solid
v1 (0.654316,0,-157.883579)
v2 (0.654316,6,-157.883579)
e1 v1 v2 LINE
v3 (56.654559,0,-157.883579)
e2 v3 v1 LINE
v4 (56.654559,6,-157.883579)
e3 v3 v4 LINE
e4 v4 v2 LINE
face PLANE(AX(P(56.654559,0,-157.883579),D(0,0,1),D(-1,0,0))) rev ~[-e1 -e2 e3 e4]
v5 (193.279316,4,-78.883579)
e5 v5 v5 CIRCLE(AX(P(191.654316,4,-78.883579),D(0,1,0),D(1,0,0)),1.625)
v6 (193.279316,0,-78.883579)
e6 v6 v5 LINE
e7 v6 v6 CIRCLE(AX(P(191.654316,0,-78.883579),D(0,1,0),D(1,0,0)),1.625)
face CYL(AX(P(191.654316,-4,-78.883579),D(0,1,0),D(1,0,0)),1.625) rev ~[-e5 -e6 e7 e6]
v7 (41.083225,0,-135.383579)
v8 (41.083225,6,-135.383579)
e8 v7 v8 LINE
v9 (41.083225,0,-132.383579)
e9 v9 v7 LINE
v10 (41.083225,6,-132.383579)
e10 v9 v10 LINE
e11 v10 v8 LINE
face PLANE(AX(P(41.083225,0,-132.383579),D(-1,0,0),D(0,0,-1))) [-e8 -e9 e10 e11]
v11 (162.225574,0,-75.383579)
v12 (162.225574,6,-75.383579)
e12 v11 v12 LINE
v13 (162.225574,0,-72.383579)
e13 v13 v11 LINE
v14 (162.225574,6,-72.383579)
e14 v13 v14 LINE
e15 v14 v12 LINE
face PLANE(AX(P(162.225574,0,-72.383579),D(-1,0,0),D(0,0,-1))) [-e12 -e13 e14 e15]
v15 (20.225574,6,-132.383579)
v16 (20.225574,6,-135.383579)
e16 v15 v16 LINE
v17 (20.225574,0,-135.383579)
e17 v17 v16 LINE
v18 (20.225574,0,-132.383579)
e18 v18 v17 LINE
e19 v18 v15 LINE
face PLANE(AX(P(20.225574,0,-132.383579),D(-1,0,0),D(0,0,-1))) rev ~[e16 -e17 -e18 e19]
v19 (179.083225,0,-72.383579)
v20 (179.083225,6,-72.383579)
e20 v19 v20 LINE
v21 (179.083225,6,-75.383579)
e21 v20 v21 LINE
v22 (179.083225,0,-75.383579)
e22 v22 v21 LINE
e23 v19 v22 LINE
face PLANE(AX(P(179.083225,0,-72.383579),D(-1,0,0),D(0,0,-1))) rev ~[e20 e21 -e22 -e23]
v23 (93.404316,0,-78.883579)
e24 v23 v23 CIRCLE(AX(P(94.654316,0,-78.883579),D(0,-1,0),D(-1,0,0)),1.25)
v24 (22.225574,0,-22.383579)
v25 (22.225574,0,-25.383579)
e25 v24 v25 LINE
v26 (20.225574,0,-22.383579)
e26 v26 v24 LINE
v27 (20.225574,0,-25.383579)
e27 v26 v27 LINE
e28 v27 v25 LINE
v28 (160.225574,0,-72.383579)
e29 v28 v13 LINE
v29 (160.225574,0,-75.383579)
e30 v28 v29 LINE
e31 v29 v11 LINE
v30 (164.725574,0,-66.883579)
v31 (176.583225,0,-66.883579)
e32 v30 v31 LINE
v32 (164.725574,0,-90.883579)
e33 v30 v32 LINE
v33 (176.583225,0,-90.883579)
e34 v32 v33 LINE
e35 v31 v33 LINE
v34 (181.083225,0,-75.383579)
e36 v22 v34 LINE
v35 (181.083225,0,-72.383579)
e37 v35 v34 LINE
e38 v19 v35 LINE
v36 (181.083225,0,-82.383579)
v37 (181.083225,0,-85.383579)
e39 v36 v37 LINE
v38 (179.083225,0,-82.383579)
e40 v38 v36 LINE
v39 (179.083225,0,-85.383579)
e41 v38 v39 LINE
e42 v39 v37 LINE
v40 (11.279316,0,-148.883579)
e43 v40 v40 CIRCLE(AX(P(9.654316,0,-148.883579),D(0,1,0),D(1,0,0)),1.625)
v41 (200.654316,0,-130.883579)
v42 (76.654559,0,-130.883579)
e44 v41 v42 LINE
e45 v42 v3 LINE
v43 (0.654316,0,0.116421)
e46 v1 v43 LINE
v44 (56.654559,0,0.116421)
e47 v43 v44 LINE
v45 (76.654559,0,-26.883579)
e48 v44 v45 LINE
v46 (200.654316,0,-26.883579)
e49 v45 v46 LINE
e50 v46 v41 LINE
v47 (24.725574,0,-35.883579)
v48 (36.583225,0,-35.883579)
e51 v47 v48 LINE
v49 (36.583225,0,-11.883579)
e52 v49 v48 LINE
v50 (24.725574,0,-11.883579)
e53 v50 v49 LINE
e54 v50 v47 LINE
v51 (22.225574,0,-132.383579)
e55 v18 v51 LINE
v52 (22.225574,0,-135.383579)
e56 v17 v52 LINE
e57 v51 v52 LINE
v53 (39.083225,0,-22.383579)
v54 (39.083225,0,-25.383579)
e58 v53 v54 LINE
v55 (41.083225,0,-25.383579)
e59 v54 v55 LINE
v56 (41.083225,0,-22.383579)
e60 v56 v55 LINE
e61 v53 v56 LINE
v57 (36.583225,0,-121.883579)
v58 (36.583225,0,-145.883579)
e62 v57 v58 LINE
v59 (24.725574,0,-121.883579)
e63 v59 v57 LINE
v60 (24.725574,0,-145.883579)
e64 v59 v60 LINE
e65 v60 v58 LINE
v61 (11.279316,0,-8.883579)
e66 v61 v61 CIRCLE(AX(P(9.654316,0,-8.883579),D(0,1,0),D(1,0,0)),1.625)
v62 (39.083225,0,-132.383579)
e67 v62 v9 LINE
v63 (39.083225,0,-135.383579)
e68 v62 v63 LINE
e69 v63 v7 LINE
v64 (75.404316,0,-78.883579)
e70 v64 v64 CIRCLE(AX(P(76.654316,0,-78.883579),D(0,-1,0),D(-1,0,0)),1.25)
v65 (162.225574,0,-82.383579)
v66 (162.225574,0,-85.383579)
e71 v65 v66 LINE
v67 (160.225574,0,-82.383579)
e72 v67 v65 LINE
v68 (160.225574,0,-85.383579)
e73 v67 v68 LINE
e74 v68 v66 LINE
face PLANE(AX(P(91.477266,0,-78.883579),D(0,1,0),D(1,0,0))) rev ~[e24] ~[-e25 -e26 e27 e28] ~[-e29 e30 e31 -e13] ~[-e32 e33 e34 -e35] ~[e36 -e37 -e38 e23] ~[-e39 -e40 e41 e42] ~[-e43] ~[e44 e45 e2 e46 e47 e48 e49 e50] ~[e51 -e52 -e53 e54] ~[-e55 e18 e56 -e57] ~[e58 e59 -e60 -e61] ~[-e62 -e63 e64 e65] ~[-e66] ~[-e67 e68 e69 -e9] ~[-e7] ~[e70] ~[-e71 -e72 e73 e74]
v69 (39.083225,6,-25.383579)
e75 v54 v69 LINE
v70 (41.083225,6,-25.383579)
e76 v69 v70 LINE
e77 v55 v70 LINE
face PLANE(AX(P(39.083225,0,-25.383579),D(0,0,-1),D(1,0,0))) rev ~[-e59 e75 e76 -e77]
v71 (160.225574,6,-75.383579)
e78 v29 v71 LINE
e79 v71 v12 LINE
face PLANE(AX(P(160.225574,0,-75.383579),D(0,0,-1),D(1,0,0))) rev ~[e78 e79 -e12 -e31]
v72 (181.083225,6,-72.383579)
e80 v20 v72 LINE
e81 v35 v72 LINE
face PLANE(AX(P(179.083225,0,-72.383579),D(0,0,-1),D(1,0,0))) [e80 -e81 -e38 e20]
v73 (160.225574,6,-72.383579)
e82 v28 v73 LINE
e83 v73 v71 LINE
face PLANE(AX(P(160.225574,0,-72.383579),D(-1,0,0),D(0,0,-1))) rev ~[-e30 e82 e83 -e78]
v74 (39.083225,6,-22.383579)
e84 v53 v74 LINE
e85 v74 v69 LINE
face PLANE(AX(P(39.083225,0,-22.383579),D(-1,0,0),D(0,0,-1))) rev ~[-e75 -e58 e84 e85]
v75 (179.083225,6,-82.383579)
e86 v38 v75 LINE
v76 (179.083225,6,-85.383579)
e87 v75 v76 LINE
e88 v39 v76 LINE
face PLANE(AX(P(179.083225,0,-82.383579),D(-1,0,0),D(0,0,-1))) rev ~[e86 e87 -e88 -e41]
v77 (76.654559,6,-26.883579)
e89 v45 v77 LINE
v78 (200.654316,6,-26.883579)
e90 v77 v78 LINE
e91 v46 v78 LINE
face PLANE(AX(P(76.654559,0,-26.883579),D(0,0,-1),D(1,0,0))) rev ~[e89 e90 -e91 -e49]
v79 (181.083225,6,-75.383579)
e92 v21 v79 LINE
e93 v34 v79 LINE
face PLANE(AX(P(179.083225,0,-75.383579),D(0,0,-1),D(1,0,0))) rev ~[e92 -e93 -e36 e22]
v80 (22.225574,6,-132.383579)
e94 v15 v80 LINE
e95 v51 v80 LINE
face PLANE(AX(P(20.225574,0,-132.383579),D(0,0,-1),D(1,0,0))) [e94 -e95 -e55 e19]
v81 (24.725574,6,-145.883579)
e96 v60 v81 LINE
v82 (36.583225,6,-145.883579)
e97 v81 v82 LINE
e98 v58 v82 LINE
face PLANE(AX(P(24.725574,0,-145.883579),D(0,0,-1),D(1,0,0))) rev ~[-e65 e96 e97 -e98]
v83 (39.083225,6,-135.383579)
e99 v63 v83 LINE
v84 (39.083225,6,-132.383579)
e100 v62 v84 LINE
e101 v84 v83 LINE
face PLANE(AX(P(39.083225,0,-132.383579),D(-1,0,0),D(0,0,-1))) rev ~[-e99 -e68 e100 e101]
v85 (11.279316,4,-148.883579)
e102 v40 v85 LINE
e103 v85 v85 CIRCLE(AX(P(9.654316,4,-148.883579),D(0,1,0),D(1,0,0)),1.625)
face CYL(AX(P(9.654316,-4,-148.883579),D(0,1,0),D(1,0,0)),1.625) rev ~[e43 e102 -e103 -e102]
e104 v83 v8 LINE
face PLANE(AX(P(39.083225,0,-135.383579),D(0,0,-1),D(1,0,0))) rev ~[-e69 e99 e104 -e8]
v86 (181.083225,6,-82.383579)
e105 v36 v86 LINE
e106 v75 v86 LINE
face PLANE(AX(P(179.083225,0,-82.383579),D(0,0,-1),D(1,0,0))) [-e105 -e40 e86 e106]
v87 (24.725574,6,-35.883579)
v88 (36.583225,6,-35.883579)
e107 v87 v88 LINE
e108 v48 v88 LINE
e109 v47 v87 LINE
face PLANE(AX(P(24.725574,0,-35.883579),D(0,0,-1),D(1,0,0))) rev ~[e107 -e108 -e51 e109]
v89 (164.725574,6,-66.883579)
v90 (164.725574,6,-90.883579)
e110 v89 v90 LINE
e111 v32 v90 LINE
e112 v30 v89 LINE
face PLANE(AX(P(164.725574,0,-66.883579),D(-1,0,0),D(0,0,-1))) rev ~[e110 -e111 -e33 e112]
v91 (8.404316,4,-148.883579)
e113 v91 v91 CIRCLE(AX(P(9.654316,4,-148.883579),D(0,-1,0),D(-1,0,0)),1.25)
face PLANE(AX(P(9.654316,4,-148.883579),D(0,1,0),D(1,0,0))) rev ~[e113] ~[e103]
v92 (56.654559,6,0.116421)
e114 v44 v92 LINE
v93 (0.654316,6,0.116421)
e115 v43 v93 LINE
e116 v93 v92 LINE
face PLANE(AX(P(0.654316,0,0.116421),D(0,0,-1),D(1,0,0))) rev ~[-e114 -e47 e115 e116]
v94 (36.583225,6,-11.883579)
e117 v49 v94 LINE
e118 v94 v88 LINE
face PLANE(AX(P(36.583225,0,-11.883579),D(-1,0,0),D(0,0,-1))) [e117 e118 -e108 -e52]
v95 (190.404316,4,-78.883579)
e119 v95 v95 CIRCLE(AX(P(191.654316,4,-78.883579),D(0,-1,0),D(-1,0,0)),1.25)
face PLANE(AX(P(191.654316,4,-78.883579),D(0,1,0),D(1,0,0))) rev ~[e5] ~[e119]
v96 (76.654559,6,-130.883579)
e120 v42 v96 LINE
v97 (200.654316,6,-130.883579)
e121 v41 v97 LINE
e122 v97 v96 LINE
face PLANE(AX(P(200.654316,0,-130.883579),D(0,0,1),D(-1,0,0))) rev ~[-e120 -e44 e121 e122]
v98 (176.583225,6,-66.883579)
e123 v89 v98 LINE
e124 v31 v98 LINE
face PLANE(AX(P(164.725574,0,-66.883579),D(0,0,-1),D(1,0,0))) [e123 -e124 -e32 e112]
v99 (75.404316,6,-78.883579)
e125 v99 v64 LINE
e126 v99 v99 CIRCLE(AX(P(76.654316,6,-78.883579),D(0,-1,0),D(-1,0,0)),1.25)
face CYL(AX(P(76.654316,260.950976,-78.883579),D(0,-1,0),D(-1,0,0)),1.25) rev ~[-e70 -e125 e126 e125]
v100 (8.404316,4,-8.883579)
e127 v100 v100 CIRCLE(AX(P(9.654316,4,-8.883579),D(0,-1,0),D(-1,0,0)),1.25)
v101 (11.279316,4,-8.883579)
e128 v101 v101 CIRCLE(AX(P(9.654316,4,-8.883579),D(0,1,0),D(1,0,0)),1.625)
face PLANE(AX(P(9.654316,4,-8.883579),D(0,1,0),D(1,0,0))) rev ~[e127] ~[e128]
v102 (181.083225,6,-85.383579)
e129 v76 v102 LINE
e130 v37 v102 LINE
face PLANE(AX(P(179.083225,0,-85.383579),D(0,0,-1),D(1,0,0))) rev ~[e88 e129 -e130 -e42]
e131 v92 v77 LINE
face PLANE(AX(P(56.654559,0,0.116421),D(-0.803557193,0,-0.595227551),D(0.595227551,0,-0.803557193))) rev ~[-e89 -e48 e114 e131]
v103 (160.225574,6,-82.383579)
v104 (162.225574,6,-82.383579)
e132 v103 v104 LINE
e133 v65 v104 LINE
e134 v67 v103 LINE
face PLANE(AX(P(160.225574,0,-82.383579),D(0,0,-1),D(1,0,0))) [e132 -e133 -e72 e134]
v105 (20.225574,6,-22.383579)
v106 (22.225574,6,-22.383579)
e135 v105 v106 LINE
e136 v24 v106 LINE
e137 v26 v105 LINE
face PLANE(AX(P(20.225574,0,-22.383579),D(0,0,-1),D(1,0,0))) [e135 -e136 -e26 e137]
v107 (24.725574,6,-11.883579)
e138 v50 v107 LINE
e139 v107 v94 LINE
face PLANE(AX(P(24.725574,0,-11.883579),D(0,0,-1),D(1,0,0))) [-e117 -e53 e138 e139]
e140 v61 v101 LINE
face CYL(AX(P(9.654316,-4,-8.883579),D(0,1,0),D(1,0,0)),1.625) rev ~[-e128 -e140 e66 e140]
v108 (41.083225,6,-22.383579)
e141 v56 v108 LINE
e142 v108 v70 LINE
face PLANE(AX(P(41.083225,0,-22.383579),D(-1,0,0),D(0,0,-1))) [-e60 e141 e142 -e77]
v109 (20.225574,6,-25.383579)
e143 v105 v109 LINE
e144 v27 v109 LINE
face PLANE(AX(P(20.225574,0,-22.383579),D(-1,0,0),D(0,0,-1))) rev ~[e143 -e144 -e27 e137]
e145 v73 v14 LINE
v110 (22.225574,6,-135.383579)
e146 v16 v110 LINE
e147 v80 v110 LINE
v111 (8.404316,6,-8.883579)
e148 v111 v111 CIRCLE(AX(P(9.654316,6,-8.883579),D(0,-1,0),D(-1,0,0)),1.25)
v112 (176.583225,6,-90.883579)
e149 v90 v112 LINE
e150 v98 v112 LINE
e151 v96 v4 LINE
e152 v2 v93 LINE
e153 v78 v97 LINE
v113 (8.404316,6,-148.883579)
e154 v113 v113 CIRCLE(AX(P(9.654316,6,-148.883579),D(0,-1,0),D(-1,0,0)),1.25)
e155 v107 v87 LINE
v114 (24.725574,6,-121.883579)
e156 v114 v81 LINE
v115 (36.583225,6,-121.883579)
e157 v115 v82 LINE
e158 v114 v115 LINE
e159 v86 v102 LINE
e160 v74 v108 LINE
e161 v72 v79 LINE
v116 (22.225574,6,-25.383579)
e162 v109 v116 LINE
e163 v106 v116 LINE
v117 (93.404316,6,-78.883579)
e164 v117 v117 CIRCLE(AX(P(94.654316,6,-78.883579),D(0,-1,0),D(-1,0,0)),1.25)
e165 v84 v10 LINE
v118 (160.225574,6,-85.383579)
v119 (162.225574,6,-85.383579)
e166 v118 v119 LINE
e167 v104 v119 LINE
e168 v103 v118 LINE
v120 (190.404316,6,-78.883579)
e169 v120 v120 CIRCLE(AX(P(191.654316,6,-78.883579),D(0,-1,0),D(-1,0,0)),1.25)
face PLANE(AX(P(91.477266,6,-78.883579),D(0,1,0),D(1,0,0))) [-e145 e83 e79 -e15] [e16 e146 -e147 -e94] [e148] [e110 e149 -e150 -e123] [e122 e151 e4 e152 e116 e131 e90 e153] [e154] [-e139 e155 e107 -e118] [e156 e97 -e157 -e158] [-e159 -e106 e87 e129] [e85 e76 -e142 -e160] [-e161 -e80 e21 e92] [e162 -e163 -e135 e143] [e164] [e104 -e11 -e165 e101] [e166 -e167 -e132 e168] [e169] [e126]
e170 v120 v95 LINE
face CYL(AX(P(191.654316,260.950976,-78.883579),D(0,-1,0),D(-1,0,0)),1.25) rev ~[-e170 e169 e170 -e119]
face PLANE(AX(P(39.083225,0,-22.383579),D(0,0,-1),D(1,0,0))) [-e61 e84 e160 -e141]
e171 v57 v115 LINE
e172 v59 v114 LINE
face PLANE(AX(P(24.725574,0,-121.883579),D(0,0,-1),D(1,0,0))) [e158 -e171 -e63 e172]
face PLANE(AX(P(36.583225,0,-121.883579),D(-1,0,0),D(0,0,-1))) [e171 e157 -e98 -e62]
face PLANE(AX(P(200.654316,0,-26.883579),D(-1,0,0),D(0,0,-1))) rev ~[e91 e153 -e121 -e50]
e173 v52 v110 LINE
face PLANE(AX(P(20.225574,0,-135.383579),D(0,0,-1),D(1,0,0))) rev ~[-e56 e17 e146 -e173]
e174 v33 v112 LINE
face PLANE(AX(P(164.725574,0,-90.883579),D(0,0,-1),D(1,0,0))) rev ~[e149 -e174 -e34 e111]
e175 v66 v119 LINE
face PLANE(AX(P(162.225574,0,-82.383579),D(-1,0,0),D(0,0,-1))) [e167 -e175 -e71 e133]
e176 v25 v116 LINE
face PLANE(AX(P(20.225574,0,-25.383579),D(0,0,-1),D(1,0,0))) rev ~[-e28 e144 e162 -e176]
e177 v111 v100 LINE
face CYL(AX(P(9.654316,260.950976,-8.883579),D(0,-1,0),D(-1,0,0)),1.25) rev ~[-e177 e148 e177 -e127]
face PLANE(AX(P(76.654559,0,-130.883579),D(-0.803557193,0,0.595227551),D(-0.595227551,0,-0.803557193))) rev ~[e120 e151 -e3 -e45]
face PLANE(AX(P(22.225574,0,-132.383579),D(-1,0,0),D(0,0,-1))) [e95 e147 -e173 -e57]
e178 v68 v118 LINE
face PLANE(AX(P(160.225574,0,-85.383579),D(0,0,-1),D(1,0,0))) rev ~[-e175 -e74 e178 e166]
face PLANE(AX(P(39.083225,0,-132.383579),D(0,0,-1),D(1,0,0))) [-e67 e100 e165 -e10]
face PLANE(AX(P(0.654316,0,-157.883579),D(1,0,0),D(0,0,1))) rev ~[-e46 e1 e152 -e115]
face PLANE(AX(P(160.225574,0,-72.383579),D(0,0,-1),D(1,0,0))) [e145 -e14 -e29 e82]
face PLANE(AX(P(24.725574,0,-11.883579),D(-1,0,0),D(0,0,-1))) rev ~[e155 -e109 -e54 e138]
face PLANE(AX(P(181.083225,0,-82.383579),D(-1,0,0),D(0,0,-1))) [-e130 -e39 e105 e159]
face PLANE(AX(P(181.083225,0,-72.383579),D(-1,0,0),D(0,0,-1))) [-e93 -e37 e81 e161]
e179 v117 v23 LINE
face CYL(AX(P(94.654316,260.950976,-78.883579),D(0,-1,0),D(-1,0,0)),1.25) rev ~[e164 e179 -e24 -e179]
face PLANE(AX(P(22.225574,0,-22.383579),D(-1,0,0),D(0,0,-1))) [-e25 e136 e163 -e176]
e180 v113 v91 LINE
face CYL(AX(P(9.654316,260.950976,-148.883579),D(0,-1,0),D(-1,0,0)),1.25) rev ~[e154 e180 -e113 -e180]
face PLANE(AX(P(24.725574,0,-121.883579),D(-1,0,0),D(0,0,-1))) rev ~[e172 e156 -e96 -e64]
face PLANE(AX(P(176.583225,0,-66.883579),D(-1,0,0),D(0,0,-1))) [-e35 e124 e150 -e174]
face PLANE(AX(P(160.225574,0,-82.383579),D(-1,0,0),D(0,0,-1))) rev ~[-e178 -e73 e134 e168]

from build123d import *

# Parameters (mm, degrees)
ESQUISSE1_W          = 2
ESQUISSE1_H          = 3
ESQUISSE1_W_2        = 11.857650871
ESQUISSE1_H_2        = 24
ESQUISSE1_W_3        = 11.857650872
BOSS_EXTRU_1_DEPTH   = 6
D_GAGEMENT_M2_51_D   = 2.5
D_GAGEMENT_M31_D     = 3.25
D_GAGEMENT_M31_DEPTH = 4


with BuildPart() as part:
    # Esquisse1 → Boss.-Extru.1 (new body)
    with BuildSketch(Plane(origin=(0, 0, 0), x_dir=(1, 0, 0), z_dir=(0, 1, 0))):
        Polygon((200.65431579, 26.883578947), (200.65431579, 130.883578947), (76.654558535, 130.883578947), (56.654558535, 157.883578947), (0.654315789, 157.883578947), (0.654315789, -0.116421053), (56.654558535, -0.116421053), (76.654558535, 26.883578947), align=None)
        with Locations((21.225574277, 133.883578948)):
            Rectangle(ESQUISSE1_W, ESQUISSE1_H, mode=Mode.SUBTRACT)
        with Locations((40.083225148, 133.883578948)):
            Rectangle(ESQUISSE1_W, ESQUISSE1_H, mode=Mode.SUBTRACT)
        with Locations((21.225574277, 23.883578948)):
            Rectangle(ESQUISSE1_W, ESQUISSE1_H, mode=Mode.SUBTRACT)
        with Locations((40.083225148, 23.883578948)):
            Rectangle(ESQUISSE1_W, ESQUISSE1_H, mode=Mode.SUBTRACT)
        with Locations((161.22557428, 73.883578947)):
            Rectangle(ESQUISSE1_W, ESQUISSE1_H, mode=Mode.SUBTRACT)
        with Locations((180.083225144, 83.883578947)):
            Rectangle(ESQUISSE1_W, ESQUISSE1_H, mode=Mode.SUBTRACT)
        with Locations((30.654399713, 133.883578948)):
            Rectangle(ESQUISSE1_W_2, ESQUISSE1_H_2, mode=Mode.SUBTRACT)
        with Locations((30.654399713, 23.883578948)):
            Rectangle(ESQUISSE1_W_2, ESQUISSE1_H_2, mode=Mode.SUBTRACT)
        with Locations((170.654399716, 78.883578947)):
            Rectangle(ESQUISSE1_W_3, ESQUISSE1_H_2, mode=Mode.SUBTRACT)
        with Locations((180.083225144, 73.883578947)):
            Rectangle(ESQUISSE1_W, ESQUISSE1_H, mode=Mode.SUBTRACT)
        with Locations((161.22557428, 83.883578947)):
            Rectangle(ESQUISSE1_W, ESQUISSE1_H, mode=Mode.SUBTRACT)
    extrude(amount=BOSS_EXTRU_1_DEPTH)

    # Dégagement M2.51 (through all)
    with Locations(Plane(origin=(0, 6, 0), x_dir=(1, 0, 0), z_dir=(0, 1, 0))):
        with Locations((9.654315789, 148.883578947), (9.654315789, 8.883578947), (76.654315789, 78.883578947), (94.65431579, 78.883578947), (191.65431579, 78.883578947)):
            Hole(D_GAGEMENT_M2_51_D / 2)

    # Dégagement M31
    with Locations(Plane(origin=(0, 0, 0), x_dir=(-1, 0, 0), z_dir=(0, -1, 0))):
        with Locations((-191.65431579, 78.883578947), (-9.654315789, 8.883578947), (-9.654315789, 148.883578947)):
            Hole(D_GAGEMENT_M31_D / 2, depth=D_GAGEMENT_M31_DEPTH)


solid = part.part
